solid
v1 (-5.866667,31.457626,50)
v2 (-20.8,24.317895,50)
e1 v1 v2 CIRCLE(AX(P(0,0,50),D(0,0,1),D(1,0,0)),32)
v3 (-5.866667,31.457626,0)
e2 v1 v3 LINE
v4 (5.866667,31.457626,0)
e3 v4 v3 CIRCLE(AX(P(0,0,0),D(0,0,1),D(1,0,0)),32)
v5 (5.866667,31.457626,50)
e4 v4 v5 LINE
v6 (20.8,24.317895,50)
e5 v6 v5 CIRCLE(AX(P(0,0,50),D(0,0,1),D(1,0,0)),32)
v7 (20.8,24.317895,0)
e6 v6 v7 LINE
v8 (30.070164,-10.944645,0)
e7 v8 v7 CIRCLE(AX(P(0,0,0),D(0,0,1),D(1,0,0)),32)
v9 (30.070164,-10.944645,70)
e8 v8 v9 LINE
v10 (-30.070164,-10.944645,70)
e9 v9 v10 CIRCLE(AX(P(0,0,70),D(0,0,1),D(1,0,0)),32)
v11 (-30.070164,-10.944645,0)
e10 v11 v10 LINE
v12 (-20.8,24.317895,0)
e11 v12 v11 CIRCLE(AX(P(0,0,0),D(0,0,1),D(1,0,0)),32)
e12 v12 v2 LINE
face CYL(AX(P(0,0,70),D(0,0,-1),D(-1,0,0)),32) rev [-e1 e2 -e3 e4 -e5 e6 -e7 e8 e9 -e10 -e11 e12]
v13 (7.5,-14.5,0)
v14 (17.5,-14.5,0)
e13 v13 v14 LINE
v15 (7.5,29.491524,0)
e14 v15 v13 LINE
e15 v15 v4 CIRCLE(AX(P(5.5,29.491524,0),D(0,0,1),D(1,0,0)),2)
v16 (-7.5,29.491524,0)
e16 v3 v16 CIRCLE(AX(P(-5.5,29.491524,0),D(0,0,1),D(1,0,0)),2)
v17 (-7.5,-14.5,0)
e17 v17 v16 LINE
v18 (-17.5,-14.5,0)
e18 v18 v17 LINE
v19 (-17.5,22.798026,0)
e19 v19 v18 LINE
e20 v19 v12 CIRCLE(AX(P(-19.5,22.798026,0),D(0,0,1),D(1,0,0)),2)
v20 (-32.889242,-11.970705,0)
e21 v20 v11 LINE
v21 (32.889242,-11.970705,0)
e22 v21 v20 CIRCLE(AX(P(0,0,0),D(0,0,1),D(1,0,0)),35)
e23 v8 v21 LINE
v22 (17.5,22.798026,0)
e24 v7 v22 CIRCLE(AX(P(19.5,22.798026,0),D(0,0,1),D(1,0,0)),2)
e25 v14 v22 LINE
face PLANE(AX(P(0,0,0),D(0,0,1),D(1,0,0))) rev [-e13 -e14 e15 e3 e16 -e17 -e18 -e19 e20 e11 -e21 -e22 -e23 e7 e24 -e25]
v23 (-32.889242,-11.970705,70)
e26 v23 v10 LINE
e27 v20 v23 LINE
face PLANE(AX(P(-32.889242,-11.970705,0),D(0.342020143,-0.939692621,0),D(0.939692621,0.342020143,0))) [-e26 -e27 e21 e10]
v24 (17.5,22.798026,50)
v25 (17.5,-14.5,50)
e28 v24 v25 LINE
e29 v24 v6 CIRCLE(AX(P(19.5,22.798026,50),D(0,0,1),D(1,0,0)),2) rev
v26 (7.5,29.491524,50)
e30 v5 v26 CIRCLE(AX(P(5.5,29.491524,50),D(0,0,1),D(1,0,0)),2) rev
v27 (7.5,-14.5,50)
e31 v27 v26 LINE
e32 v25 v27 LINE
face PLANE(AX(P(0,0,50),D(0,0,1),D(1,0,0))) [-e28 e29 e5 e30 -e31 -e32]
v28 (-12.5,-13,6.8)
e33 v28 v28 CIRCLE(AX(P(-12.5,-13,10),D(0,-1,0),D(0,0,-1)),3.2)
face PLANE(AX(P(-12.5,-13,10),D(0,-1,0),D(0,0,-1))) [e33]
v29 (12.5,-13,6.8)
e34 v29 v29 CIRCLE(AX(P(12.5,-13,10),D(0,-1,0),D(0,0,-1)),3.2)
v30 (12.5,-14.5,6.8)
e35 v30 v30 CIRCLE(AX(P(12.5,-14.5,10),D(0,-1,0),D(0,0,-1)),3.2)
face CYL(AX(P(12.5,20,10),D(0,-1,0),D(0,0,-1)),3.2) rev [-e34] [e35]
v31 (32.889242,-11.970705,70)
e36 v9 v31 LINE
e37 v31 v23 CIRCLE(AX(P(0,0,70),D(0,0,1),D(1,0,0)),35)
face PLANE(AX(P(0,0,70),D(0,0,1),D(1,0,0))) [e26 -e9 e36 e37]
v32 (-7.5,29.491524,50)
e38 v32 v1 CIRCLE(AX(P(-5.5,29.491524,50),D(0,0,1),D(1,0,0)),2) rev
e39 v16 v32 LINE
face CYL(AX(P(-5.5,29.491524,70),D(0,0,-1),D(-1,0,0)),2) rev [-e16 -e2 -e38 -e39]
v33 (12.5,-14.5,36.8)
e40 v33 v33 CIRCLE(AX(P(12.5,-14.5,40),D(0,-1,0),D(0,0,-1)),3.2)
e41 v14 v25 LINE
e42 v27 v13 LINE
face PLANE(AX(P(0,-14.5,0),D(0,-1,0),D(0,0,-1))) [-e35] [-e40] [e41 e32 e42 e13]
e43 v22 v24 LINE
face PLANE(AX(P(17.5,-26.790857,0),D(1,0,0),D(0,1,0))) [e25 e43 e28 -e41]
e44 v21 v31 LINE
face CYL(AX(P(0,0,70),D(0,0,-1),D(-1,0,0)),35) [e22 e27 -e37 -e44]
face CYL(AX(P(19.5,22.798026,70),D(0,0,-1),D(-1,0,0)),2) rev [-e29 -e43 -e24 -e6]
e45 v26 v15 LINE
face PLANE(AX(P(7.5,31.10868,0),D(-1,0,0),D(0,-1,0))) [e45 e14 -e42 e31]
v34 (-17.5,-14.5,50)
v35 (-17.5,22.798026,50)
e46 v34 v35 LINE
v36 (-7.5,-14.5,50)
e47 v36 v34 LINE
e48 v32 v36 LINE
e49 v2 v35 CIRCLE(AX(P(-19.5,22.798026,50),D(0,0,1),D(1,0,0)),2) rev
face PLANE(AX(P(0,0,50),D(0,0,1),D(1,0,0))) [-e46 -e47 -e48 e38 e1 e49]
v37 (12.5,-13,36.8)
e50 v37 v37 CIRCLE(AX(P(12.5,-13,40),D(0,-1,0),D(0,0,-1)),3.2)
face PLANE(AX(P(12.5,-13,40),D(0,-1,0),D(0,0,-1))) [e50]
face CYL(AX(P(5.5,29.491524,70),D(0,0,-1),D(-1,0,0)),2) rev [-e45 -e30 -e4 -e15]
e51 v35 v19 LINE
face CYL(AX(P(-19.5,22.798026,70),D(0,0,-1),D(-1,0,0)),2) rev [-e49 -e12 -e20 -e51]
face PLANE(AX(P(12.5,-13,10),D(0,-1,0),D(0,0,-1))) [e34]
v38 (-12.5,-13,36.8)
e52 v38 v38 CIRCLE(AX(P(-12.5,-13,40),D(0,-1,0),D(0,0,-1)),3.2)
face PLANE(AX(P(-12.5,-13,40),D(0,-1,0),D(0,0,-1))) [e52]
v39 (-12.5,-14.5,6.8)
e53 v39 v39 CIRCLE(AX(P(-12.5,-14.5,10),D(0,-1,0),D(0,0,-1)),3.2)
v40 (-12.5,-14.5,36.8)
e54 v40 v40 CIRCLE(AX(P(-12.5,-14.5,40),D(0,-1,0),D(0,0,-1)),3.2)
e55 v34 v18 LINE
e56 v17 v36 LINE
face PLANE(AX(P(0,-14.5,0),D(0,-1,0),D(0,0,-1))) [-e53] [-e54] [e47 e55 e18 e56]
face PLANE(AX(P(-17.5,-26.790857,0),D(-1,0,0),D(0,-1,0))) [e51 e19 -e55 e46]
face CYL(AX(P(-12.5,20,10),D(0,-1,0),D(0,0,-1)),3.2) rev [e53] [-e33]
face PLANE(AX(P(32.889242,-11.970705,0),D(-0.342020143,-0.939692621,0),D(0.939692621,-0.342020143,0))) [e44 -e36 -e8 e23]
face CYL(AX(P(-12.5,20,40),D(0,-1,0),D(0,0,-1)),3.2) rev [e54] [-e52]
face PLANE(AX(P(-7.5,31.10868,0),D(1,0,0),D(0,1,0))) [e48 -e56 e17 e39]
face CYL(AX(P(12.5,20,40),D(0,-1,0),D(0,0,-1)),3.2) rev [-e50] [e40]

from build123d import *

# Parameters (mm, degrees)
ESQUISSE1_R                  = 35
ESQUISSE1_R_2                = 32
BOSS_EXTRU_1_DEPTH           = 70
BOSS_EXTRU_2_DEPTH           = 70
ESQUISSE3_R                  = 3.2
ENL_V_MAT_EXTRU_1_DEPTH      = 20
ENL_V_MAT_EXTRU_1_DEPTH_BACK = 20
ESQUISSE5_W                  = 100
ESQUISSE5_H                  = 50
ENL_V_MAT_EXTRU_3_DEPTH      = 71
ESQUISSE7_W                  = 10
ESQUISSE7_H                  = 70
ESQUISSE7_R                  = 3.2
BOSS_EXTRU_3_DEPTH           = 8
BOSS_EXTRU_5_DEPTH           = 70
ESQUISSE10_R                 = 32
ENL_V_MAT_EXTRU_4_DEPTH      = 20
CONG_2_R                     = 2
BOSS_EXTRU_6_START           = -1.5
ESQUISSE11_R                 = 3.2
BOSS_EXTRU_6_DEPTH           = 33


with BuildPart() as part:
    # Esquisse1 → Boss.-Extru.1 (new body)
    with BuildSketch(Plane.XY):
        Circle(ESQUISSE1_R)
        Circle(ESQUISSE1_R_2, mode=Mode.SUBTRACT)
    extrude(amount=BOSS_EXTRU_1_DEPTH)

    # Esquisse2 → Boss.-Extru.2 (add)
    with BuildSketch(Plane.XY.offset(70)):
        with BuildLine():
            Line((-7.5, 31.108680461), (-7.5, -31.108680461))
            ThreePointArc((-7.5, -31.108680461), (-12.685066047, -29.378378093), (-17.5, -26.790856649))
            Line((-17.5, -26.790856649), (-17.5, 26.790856649))
            ThreePointArc((-17.5, 26.790856649), (-12.685066047, 29.378378093), (-7.5, 31.108680461))
        make_face()
        with BuildLine():
            Line((17.5, -26.790856649), (17.5, 26.790856649))
            ThreePointArc((17.5, 26.790856649), (12.685066047, 29.378378093), (7.5, 31.108680461))
            Line((7.5, 31.108680461), (7.5, -31.108680461))
            ThreePointArc((7.5, -31.108680461), (12.685066047, -29.378378093), (17.5, -26.790856649))
        make_face()
    extrude(amount=-BOSS_EXTRU_2_DEPTH)

    # Esquisse3 → Enlèv. mat.-Extru.1 (cut, two sides)
    with BuildSketch(Plane(origin=(0, 0, 0), x_dir=(1, 0, 0), z_dir=(0, 1, 0))) as enl_v_mat_extru_1_sk:
        with Locations((-12.5, -10)):
            Circle(ESQUISSE3_R)
        with Locations((-12.5, -40)):
            Circle(ESQUISSE3_R)
        with Locations((12.5, -40)):
            Circle(ESQUISSE3_R)
        with Locations((12.5, -10)):
            Circle(ESQUISSE3_R)
    extrude(amount=ENL_V_MAT_EXTRU_1_DEPTH, mode=Mode.SUBTRACT)
    extrude(enl_v_mat_extru_1_sk.sketch, amount=-ENL_V_MAT_EXTRU_1_DEPTH_BACK, mode=Mode.SUBTRACT)

    # Esquisse5 → Enlèv. mat.-Extru.3 (cut, through all)
    with BuildSketch(Plane.XY.offset(70)):
        with Locations((0, -31.5)):
            Rectangle(ESQUISSE5_W, ESQUISSE5_H)
    extrude(amount=-ENL_V_MAT_EXTRU_3_DEPTH, mode=Mode.SUBTRACT)

    # Esquisse7 → Boss.-Extru.3 (add)
    with BuildSketch(Plane.XZ.offset(6.5)):
        with Locations((-12.5, 35)):
            Rectangle(ESQUISSE7_W, ESQUISSE7_H)
        with Locations((-12.5, 40)):
            Circle(ESQUISSE7_R, mode=Mode.SUBTRACT)
        with Locations((-12.5, 10)):
            Circle(ESQUISSE7_R, mode=Mode.SUBTRACT)
        with Locations((12.5, 35)):
            Rectangle(ESQUISSE7_W, ESQUISSE7_H)
        with Locations((12.5, 40)):
            Circle(ESQUISSE7_R, mode=Mode.SUBTRACT)
        with Locations((12.5, 10)):
            Circle(ESQUISSE7_R, mode=Mode.SUBTRACT)
    extrude(amount=BOSS_EXTRU_3_DEPTH)

    # Esquisse8 → Boss.-Extru.5 (add)
    with BuildSketch(Plane.XY.offset(70)):
        with BuildLine():
            Line((32.889241728, -11.970705016), (30.070163865, -10.944644586))
            ThreePointArc((30.070163865, -10.944644586), (30.781853005, -8.745142969), (31.332890068, -6.5))
            Line((31.332890068, -6.5), (34.391132578, -6.5))
            ThreePointArc((34.391132578, -6.5), (33.751212497, -9.265832665), (32.889241728, -11.970705016))
        make_face()
        with BuildLine():
            Line((-32.889241728, -11.970705016), (-30.070163865, -10.944644586))
            ThreePointArc((-30.070163865, -10.944644586), (-30.781853005, -8.745142969), (-31.332890068, -6.5))
            Line((-31.332890068, -6.5), (-34.391132578, -6.5))
            ThreePointArc((-34.391132578, -6.5), (-33.751212497, -9.265832665), (-32.889241728, -11.970705016))
        make_face()
    extrude(amount=-BOSS_EXTRU_5_DEPTH)

    # Esquisse10 → Enlèv. mat.-Extru.4 (cut)
    with BuildSketch(Plane.XY.offset(70)):
        Circle(ESQUISSE10_R)
    extrude(amount=-ENL_V_MAT_EXTRU_4_DEPTH, mode=Mode.SUBTRACT)

    # Congé2
    cong_2_edges = [part.edges().sort_by_distance(p)[0] for p in [
        (-17.5, 26.790856649, 25),
        (-7.5, 31.108680461, 25),
        (7.5, 31.108680461, 25),
        (17.5, 26.790856649, 25),
    ]]
    fillet(cong_2_edges, radius=CONG_2_R)

    # Esquisse11 → Boss.-Extru.6 (add)
    with BuildSketch(Plane.XZ.offset(14.5).offset(BOSS_EXTRU_6_START)):
        with Locations((12.5, 10)):
            Circle(ESQUISSE11_R)
        with Locations((12.5, 40)):
            Circle(ESQUISSE11_R)
        with Locations((-12.5, 40)):
            Circle(ESQUISSE11_R)
        with Locations((-12.5, 10)):
            Circle(ESQUISSE11_R)
    extrude(amount=-BOSS_EXTRU_6_DEPTH)


solid = part.part
